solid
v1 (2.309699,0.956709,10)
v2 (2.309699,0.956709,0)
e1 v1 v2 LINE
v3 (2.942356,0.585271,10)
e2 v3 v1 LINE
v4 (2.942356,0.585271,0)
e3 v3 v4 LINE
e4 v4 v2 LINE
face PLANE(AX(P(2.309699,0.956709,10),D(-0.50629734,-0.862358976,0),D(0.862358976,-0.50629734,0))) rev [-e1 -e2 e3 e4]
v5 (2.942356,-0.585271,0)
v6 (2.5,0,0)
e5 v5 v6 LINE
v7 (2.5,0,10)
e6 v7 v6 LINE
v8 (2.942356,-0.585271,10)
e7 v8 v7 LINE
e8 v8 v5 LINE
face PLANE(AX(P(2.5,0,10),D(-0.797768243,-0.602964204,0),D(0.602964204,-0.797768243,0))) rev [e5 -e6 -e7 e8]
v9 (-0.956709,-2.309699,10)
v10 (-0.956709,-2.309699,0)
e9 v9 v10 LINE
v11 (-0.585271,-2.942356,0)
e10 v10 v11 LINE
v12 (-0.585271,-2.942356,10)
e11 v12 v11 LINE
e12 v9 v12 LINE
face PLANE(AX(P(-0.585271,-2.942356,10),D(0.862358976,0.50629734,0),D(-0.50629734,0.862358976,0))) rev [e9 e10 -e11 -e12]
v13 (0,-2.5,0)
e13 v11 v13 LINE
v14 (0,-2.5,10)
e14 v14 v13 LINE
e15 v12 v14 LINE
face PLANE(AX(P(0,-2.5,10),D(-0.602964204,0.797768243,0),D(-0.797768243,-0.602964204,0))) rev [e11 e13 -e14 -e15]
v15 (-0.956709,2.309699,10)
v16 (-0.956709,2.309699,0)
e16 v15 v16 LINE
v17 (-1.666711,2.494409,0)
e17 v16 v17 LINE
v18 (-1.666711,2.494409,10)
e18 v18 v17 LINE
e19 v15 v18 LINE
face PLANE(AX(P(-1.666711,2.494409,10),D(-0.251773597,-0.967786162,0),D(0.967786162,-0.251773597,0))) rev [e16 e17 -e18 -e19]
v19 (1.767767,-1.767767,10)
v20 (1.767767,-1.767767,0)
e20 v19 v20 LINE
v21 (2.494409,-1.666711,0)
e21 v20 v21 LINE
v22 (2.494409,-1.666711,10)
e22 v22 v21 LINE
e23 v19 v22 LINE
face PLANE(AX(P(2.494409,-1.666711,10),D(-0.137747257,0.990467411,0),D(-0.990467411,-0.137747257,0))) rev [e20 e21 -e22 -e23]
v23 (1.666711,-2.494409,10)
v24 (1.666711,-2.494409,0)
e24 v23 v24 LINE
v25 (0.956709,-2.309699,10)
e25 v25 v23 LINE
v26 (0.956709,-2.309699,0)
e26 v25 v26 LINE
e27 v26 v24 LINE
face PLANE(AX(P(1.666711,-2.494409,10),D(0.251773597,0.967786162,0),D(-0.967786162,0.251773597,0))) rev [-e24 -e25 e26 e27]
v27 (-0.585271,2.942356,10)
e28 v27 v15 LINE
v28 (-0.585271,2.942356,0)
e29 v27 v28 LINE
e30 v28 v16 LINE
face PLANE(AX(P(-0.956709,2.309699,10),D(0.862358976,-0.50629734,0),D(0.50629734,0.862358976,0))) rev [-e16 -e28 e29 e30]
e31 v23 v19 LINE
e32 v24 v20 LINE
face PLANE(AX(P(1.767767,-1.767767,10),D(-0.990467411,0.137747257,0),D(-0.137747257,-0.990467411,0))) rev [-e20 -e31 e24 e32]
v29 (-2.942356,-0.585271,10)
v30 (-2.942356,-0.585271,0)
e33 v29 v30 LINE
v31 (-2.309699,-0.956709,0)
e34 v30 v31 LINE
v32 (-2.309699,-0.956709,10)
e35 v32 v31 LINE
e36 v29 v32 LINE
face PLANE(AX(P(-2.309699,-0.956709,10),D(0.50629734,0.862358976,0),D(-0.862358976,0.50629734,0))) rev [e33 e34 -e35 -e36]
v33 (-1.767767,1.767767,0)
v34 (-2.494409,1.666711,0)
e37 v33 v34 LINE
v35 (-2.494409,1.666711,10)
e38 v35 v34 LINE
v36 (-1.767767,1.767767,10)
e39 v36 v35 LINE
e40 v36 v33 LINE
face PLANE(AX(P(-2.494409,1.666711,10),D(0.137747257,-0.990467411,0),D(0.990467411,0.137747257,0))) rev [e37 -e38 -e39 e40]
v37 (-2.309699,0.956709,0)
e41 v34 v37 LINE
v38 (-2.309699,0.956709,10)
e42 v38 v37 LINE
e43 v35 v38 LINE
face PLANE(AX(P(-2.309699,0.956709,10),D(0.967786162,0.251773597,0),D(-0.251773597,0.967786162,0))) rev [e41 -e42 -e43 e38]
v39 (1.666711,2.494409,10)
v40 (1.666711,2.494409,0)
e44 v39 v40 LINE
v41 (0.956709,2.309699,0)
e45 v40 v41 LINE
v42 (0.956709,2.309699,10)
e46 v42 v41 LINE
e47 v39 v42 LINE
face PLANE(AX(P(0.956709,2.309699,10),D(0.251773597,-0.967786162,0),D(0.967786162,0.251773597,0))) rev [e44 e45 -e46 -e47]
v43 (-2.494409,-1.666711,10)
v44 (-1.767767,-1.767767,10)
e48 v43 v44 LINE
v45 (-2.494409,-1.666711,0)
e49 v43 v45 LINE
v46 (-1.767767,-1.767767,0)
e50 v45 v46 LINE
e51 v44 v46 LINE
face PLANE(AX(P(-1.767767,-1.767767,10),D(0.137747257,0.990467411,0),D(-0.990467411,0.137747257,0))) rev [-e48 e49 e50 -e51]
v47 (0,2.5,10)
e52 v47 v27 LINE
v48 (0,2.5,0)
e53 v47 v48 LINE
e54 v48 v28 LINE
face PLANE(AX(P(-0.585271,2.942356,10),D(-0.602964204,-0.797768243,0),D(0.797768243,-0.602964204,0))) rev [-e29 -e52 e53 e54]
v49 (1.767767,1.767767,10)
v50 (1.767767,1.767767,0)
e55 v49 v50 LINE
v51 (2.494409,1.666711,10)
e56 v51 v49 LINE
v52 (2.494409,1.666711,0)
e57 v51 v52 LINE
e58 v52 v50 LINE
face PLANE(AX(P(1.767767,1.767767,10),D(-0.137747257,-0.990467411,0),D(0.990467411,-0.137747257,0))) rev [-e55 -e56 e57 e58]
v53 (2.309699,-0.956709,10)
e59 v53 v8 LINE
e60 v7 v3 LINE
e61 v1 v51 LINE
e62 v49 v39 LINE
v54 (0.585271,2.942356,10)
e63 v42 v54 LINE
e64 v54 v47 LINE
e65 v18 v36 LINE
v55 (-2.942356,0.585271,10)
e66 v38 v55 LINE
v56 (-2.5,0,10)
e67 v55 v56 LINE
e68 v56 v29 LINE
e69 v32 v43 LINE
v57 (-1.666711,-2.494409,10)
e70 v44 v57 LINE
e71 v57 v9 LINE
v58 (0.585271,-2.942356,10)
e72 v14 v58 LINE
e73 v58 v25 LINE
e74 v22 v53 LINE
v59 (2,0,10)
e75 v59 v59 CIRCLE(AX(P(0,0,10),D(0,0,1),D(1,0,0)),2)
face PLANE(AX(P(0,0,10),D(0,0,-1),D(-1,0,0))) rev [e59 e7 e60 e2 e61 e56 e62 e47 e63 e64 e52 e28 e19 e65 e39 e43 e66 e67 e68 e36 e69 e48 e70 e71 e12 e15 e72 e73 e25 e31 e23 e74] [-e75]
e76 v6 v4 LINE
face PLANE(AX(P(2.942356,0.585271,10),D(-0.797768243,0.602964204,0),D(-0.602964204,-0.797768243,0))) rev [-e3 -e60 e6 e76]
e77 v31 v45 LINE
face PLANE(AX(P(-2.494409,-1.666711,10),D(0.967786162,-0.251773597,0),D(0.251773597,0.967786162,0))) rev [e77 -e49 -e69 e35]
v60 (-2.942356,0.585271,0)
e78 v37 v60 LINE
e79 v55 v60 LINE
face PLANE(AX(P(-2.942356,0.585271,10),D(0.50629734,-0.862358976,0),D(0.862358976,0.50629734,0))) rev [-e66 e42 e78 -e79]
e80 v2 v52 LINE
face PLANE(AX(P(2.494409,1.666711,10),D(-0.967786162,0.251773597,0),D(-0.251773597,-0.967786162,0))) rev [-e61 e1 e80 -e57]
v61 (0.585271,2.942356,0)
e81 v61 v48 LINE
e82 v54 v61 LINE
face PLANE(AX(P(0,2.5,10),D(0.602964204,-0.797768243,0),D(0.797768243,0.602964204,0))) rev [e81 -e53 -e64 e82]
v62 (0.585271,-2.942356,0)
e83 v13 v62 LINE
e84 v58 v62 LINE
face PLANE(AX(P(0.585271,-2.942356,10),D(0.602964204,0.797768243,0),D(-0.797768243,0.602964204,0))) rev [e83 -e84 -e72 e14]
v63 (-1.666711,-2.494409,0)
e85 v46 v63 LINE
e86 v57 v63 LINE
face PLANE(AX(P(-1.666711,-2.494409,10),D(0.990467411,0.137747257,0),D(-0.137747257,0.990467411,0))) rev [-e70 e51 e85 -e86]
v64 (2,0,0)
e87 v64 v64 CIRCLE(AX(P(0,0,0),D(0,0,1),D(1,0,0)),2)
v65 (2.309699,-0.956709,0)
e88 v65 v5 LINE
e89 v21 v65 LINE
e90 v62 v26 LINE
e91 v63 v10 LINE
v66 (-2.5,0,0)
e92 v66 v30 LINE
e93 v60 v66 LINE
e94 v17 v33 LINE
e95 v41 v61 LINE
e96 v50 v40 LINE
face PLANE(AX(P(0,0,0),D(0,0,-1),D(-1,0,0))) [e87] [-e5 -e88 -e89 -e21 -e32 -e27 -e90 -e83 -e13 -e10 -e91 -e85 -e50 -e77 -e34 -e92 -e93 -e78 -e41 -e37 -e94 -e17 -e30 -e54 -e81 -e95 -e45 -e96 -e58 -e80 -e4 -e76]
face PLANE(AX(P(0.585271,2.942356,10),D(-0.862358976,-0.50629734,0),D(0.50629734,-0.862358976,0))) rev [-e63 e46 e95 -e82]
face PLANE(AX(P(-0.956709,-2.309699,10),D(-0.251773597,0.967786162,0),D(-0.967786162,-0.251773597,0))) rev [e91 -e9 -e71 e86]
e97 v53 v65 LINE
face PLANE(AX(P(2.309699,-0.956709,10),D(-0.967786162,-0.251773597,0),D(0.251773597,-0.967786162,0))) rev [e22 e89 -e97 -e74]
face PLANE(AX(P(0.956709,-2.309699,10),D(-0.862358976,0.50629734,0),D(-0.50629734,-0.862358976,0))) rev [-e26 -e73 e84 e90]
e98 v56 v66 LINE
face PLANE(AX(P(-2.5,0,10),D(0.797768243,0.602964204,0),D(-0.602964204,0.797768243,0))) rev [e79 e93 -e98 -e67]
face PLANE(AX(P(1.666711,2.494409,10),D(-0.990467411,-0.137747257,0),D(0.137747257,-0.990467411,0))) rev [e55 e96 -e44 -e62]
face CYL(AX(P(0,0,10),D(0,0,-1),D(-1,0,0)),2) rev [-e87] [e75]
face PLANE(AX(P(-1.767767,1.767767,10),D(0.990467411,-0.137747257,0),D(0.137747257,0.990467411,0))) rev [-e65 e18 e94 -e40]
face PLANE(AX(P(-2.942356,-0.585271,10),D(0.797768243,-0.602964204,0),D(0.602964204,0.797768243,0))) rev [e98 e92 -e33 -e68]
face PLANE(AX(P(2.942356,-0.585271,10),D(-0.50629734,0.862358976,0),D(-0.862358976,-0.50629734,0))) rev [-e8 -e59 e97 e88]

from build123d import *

# Parameters (mm, degrees)
SKETCH2_R           = 2
BOSS_EXTRUDE1_DEPTH = 10


with BuildPart() as part:
    # Sketch2 → Boss-Extrude1 (new body)
    with BuildSketch(Plane.XY):
        Polygon((0, 2.5), (0.585270966, 2.942355841), (0.956708581, 2.309698831), (1.666710699, 2.494408837), (1.767766953, 1.767766953), (2.494408837, 1.666710699), (2.309698831, 0.956708581), (2.942355841, 0.585270966), (2.5, 0), (2.942355841, -0.585270966), (2.309698831, -0.956708581), (2.494408837, -1.666710699), (1.767766953, -1.767766953), (1.666710699, -2.494408837), (0.956708581, -2.309698831), (0.585270966, -2.942355841), (0, -2.5), (-0.585270966, -2.942355841), (-0.956708581, -2.309698831), (-1.666710699, -2.494408837), (-1.767766953, -1.767766953), (-2.494408837, -1.666710699), (-2.309698831, -0.956708581), (-2.942355841, -0.585270966), (-2.5, 0), (-2.942355841, 0.585270966), (-2.309698831, 0.956708581), (-2.494408837, 1.666710699), (-1.767766953, 1.767766953), (-1.666710699, 2.494408837), (-0.956708581, 2.309698831), (-0.585270966, 2.942355841), align=None)
        Circle(SKETCH2_R, mode=Mode.SUBTRACT)
    extrude(amount=BOSS_EXTRUDE1_DEPTH)


solid = part.part
